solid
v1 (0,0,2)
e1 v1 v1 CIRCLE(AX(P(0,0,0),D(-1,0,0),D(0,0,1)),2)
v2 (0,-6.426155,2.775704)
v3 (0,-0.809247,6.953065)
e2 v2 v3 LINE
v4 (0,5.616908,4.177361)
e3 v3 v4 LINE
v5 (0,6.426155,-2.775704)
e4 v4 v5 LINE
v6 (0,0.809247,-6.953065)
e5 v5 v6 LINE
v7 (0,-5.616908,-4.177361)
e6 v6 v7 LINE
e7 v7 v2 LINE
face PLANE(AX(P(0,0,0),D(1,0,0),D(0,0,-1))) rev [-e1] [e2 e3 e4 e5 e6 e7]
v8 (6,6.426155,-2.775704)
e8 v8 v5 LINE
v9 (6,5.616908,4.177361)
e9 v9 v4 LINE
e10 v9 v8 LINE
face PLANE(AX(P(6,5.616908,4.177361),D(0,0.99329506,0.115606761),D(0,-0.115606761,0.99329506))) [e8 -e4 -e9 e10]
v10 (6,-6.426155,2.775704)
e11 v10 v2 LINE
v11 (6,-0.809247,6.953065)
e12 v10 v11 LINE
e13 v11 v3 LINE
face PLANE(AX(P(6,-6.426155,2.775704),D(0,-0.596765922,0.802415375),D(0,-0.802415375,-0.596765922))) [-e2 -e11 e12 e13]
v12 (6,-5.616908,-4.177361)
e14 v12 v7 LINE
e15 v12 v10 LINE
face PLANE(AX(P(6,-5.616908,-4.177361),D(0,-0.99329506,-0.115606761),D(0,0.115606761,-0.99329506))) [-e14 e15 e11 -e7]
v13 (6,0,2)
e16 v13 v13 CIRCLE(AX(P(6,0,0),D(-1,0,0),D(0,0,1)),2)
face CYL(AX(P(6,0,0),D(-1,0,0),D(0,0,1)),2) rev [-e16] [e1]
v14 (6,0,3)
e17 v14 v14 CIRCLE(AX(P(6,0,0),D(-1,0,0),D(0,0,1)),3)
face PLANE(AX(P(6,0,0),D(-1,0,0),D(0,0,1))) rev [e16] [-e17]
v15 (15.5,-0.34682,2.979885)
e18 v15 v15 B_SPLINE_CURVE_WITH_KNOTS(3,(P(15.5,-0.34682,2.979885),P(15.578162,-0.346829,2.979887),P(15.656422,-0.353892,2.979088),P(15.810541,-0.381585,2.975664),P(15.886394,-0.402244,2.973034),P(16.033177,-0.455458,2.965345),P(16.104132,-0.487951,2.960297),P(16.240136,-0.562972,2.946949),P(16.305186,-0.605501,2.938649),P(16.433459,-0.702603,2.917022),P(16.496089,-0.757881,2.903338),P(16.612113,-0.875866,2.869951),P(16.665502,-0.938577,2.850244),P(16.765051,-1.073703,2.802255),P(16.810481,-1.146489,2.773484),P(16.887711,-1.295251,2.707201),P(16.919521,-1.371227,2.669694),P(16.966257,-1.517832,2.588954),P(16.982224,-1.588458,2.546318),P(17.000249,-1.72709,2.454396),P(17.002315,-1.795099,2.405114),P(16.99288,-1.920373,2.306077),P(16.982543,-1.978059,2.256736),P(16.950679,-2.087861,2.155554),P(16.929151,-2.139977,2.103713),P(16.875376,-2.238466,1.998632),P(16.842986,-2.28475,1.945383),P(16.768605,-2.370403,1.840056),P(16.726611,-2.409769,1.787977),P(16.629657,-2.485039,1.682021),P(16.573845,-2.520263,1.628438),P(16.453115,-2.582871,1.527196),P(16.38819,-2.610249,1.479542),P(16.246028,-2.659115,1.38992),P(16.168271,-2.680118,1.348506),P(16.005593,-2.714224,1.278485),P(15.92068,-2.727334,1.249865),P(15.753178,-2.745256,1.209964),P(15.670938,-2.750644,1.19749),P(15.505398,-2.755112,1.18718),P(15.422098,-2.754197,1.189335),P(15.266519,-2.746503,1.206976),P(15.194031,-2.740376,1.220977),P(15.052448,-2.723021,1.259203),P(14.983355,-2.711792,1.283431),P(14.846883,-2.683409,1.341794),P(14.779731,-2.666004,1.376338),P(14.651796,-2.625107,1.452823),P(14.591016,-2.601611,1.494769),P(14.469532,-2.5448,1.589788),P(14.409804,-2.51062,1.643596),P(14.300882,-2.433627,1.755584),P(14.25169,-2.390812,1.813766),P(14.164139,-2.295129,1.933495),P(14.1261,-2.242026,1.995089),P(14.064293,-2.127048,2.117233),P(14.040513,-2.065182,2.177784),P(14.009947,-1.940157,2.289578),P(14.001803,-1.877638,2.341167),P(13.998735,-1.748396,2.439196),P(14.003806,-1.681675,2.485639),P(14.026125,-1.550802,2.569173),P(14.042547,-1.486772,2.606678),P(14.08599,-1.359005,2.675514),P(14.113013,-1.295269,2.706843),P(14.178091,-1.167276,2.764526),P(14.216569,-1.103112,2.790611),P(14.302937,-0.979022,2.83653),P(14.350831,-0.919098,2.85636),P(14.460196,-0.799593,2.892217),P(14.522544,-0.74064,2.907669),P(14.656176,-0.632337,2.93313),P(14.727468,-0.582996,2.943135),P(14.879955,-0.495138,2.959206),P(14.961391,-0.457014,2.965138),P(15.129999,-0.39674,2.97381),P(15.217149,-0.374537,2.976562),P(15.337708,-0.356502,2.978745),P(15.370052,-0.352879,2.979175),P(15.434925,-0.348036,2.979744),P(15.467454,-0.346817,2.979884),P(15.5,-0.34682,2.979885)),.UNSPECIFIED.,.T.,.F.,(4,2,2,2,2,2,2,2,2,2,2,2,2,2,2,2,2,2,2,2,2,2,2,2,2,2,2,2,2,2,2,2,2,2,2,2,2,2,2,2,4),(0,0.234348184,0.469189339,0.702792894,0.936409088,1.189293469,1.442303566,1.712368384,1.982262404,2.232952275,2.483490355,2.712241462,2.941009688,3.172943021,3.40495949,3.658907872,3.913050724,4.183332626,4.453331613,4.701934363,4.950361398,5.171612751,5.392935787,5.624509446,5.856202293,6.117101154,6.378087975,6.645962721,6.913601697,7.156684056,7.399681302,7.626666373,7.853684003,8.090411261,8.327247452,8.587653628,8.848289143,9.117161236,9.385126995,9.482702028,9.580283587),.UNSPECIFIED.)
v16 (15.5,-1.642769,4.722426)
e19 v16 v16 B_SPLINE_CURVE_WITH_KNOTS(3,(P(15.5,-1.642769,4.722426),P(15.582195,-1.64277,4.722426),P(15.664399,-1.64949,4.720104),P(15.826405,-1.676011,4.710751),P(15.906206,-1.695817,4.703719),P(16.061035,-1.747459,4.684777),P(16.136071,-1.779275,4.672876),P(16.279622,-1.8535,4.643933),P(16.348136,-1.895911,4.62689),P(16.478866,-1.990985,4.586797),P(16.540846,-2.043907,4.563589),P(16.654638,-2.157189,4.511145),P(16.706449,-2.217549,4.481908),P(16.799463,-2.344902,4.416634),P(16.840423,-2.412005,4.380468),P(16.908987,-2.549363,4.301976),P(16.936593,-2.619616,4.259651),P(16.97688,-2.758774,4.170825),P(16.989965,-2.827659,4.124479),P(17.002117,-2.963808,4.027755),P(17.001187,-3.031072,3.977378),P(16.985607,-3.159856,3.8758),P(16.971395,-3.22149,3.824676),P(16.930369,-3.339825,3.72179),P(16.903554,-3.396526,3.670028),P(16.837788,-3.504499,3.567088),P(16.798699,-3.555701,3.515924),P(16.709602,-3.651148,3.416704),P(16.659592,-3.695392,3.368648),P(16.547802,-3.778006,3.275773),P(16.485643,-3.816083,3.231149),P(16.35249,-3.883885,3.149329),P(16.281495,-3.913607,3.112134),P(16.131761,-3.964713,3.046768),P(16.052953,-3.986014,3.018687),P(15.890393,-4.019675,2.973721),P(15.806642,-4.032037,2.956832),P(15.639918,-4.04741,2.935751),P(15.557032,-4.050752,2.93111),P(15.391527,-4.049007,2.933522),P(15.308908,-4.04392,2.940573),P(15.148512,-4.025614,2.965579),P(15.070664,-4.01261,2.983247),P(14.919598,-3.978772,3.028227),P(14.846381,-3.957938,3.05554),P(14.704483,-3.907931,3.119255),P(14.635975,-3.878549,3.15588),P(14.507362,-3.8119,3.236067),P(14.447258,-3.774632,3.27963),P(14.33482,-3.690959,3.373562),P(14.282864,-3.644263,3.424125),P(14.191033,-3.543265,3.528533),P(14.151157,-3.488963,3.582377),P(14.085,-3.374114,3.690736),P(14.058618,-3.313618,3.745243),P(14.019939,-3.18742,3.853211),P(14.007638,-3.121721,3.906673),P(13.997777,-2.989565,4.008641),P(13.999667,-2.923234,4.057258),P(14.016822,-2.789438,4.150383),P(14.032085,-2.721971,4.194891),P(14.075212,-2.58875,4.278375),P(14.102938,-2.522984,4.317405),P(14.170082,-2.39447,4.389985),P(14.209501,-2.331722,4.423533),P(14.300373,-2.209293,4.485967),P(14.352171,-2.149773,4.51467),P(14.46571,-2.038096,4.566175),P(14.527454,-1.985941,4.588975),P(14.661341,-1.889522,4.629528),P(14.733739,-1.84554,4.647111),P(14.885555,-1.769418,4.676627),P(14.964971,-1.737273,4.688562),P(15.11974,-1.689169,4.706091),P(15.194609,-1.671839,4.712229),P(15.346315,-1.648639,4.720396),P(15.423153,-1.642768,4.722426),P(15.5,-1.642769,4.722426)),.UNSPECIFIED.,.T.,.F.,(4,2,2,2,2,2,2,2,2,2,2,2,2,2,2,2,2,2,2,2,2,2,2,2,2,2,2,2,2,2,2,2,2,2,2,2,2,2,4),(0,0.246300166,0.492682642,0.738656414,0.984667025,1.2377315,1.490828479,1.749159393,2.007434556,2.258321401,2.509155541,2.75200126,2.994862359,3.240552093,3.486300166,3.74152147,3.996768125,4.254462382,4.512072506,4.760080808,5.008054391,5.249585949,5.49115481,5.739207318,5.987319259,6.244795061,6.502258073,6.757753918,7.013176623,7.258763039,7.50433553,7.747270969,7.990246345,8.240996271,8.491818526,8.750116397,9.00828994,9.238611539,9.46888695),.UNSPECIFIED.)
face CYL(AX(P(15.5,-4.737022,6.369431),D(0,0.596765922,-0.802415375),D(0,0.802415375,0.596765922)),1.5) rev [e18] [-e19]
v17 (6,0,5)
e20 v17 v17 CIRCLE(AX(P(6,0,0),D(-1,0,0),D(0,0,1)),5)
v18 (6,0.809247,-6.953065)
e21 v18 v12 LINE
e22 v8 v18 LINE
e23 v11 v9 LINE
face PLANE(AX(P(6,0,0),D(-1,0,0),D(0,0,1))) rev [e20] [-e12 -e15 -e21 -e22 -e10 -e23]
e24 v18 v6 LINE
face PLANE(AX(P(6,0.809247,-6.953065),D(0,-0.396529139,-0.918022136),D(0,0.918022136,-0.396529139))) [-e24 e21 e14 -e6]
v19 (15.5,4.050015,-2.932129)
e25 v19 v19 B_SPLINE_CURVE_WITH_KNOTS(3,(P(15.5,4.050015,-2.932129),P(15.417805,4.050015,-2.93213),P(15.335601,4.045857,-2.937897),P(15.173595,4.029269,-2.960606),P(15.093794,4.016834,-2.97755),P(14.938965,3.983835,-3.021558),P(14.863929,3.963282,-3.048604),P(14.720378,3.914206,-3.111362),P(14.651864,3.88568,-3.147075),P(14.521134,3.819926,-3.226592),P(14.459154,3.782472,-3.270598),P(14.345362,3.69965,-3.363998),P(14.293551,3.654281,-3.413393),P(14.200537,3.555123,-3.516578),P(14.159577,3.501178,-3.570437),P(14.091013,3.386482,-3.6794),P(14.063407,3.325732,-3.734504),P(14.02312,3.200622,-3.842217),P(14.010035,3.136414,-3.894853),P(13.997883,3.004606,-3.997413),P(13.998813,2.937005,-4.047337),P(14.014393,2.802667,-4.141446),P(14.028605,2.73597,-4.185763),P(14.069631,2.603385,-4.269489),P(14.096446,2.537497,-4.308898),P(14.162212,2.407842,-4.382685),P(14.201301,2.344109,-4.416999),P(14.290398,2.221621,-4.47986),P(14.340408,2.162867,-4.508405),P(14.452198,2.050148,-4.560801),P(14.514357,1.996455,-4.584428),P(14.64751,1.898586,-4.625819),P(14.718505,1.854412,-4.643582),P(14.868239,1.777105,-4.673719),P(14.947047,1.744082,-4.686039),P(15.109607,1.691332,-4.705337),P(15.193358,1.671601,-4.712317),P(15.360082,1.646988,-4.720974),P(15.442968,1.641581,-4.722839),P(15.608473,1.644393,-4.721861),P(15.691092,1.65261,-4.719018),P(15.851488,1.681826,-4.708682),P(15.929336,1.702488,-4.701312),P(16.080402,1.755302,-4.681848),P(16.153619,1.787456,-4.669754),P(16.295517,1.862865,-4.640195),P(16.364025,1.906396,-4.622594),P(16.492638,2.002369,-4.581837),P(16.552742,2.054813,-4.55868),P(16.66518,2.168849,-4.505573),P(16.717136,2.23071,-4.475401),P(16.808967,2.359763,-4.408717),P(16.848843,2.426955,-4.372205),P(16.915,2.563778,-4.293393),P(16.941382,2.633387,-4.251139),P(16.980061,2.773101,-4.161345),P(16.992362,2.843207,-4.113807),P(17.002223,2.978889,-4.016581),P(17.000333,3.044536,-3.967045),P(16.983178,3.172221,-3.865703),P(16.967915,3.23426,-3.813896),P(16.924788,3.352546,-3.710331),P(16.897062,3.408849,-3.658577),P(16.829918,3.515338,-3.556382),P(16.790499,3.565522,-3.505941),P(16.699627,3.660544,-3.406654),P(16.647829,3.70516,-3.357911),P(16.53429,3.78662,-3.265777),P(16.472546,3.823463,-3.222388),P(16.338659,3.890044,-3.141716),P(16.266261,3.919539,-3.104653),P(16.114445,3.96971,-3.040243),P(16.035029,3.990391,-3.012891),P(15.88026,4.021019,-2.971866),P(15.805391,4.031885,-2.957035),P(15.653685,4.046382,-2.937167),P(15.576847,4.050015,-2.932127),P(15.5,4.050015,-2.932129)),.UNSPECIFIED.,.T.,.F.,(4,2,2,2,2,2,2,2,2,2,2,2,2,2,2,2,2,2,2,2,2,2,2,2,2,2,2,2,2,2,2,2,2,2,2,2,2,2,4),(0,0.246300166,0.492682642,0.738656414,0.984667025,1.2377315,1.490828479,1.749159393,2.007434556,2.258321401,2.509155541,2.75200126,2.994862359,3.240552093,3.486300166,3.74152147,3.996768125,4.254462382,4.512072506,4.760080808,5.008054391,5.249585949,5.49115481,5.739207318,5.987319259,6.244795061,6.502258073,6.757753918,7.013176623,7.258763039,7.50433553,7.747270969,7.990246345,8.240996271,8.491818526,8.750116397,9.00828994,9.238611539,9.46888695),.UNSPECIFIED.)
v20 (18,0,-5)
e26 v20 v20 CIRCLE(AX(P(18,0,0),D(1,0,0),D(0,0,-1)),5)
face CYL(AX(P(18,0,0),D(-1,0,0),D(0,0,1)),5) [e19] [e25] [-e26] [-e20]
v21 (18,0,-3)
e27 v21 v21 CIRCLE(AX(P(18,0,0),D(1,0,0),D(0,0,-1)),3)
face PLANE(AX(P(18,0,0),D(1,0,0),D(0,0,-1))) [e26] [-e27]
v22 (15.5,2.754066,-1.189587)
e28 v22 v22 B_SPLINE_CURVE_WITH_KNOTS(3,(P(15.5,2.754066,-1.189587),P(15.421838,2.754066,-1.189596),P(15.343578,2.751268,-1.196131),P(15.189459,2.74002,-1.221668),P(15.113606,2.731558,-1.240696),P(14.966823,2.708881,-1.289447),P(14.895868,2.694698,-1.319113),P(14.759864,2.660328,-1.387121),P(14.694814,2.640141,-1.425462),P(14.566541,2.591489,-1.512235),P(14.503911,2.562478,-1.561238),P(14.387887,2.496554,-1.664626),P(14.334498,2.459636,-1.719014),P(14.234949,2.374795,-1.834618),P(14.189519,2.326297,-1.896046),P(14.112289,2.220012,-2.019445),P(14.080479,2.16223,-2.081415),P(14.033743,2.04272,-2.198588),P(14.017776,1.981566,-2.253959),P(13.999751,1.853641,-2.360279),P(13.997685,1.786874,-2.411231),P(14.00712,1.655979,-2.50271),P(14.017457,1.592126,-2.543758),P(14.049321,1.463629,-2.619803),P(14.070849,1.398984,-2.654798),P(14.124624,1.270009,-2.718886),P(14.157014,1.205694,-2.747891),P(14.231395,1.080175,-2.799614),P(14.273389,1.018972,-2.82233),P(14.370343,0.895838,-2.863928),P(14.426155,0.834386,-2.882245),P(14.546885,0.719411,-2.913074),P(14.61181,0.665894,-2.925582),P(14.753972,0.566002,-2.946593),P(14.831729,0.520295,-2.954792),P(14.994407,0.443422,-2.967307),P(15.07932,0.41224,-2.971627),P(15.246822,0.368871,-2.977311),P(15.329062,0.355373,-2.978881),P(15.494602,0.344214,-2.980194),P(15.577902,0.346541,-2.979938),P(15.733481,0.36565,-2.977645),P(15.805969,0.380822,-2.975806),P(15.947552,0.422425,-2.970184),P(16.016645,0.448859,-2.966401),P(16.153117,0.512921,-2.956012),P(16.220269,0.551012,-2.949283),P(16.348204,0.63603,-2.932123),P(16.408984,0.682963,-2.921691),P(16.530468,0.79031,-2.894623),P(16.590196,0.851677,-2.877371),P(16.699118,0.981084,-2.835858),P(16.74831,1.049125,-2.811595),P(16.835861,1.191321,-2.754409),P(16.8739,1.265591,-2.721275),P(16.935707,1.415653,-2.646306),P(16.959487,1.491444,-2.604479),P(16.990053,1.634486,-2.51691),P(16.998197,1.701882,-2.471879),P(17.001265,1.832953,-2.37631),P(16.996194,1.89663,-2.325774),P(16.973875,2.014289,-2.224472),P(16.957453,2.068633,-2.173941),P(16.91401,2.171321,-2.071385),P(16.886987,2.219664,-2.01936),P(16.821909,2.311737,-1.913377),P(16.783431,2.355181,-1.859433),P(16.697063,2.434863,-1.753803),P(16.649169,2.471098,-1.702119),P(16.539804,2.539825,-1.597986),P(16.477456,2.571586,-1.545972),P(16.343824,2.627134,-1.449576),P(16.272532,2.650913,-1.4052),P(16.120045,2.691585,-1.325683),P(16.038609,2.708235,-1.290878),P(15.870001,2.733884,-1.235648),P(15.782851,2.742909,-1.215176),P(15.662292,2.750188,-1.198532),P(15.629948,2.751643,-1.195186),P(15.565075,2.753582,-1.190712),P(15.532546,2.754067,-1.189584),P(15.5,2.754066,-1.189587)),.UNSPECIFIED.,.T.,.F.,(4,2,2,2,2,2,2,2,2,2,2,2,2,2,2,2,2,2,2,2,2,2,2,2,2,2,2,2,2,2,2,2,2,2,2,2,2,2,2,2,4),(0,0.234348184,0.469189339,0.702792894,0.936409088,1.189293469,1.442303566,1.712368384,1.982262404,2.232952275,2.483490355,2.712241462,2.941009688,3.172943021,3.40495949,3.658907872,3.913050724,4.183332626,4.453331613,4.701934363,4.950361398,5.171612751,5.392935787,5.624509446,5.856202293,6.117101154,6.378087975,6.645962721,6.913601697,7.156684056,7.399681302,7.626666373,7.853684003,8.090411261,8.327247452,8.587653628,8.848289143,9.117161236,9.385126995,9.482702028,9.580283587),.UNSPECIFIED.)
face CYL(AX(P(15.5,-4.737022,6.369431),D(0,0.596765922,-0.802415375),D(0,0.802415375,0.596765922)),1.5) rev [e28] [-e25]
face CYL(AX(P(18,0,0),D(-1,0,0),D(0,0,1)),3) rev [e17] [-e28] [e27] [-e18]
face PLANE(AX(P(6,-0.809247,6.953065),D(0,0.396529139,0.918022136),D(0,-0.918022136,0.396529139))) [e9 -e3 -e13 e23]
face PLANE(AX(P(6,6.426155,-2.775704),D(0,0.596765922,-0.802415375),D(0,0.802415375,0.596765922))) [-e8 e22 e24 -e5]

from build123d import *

# Parameters (mm, degrees)
SKETCH1_R           = 5
SKETCH1_R_2         = 3
BOSS_EXTRUDE1_DEPTH = 18
BOSS_EXTRUDE2_DEPTH = 6
SKETCH3_R           = 2
CUT_EXTRUDE1_DEPTH  = 6
SKETCH4_R           = 1.5
CUT_EXTRUDE2_DEPTH  = 14


with BuildPart() as part:
    # Sketch1 → Boss-Extrude1 (new body)
    with BuildSketch(Plane(origin=(0, 0, 0), x_dir=(0, 0, -1), z_dir=(1, 0, 0))):
        Circle(SKETCH1_R)
        Circle(SKETCH1_R_2, mode=Mode.SUBTRACT)
    extrude(amount=BOSS_EXTRUDE1_DEPTH)

    # Sketch2 → Boss-Extrude2 (add)
    with BuildSketch(Plane.ZY):
        Polygon((-6.953065422, 0.809247324), (-4.177361452, -5.616907628), (2.775703971, -6.426154952), (6.953065422, -0.809247324), (4.177361452, 5.616907628), (-2.775703971, 6.426154952), align=None)
    extrude(amount=-BOSS_EXTRUDE2_DEPTH)

    # Sketch3 → Cut-Extrude1 (cut)
    with BuildSketch(Plane.ZY):
        Circle(SKETCH3_R)
    extrude(amount=-CUT_EXTRUDE1_DEPTH, mode=Mode.SUBTRACT)

    # Sketch4 → Cut-Extrude2 (cut)
    with BuildSketch(Plane(origin=(0, 3.617701138, -4.864384697), x_dir=(-1, 0, 0), z_dir=(0, 0.596765922, -0.802415375))):
        with Locations((-15.5, 0)):
            Circle(SKETCH4_R)
    extrude(amount=-CUT_EXTRUDE2_DEPTH, mode=Mode.SUBTRACT)


solid = part.part
